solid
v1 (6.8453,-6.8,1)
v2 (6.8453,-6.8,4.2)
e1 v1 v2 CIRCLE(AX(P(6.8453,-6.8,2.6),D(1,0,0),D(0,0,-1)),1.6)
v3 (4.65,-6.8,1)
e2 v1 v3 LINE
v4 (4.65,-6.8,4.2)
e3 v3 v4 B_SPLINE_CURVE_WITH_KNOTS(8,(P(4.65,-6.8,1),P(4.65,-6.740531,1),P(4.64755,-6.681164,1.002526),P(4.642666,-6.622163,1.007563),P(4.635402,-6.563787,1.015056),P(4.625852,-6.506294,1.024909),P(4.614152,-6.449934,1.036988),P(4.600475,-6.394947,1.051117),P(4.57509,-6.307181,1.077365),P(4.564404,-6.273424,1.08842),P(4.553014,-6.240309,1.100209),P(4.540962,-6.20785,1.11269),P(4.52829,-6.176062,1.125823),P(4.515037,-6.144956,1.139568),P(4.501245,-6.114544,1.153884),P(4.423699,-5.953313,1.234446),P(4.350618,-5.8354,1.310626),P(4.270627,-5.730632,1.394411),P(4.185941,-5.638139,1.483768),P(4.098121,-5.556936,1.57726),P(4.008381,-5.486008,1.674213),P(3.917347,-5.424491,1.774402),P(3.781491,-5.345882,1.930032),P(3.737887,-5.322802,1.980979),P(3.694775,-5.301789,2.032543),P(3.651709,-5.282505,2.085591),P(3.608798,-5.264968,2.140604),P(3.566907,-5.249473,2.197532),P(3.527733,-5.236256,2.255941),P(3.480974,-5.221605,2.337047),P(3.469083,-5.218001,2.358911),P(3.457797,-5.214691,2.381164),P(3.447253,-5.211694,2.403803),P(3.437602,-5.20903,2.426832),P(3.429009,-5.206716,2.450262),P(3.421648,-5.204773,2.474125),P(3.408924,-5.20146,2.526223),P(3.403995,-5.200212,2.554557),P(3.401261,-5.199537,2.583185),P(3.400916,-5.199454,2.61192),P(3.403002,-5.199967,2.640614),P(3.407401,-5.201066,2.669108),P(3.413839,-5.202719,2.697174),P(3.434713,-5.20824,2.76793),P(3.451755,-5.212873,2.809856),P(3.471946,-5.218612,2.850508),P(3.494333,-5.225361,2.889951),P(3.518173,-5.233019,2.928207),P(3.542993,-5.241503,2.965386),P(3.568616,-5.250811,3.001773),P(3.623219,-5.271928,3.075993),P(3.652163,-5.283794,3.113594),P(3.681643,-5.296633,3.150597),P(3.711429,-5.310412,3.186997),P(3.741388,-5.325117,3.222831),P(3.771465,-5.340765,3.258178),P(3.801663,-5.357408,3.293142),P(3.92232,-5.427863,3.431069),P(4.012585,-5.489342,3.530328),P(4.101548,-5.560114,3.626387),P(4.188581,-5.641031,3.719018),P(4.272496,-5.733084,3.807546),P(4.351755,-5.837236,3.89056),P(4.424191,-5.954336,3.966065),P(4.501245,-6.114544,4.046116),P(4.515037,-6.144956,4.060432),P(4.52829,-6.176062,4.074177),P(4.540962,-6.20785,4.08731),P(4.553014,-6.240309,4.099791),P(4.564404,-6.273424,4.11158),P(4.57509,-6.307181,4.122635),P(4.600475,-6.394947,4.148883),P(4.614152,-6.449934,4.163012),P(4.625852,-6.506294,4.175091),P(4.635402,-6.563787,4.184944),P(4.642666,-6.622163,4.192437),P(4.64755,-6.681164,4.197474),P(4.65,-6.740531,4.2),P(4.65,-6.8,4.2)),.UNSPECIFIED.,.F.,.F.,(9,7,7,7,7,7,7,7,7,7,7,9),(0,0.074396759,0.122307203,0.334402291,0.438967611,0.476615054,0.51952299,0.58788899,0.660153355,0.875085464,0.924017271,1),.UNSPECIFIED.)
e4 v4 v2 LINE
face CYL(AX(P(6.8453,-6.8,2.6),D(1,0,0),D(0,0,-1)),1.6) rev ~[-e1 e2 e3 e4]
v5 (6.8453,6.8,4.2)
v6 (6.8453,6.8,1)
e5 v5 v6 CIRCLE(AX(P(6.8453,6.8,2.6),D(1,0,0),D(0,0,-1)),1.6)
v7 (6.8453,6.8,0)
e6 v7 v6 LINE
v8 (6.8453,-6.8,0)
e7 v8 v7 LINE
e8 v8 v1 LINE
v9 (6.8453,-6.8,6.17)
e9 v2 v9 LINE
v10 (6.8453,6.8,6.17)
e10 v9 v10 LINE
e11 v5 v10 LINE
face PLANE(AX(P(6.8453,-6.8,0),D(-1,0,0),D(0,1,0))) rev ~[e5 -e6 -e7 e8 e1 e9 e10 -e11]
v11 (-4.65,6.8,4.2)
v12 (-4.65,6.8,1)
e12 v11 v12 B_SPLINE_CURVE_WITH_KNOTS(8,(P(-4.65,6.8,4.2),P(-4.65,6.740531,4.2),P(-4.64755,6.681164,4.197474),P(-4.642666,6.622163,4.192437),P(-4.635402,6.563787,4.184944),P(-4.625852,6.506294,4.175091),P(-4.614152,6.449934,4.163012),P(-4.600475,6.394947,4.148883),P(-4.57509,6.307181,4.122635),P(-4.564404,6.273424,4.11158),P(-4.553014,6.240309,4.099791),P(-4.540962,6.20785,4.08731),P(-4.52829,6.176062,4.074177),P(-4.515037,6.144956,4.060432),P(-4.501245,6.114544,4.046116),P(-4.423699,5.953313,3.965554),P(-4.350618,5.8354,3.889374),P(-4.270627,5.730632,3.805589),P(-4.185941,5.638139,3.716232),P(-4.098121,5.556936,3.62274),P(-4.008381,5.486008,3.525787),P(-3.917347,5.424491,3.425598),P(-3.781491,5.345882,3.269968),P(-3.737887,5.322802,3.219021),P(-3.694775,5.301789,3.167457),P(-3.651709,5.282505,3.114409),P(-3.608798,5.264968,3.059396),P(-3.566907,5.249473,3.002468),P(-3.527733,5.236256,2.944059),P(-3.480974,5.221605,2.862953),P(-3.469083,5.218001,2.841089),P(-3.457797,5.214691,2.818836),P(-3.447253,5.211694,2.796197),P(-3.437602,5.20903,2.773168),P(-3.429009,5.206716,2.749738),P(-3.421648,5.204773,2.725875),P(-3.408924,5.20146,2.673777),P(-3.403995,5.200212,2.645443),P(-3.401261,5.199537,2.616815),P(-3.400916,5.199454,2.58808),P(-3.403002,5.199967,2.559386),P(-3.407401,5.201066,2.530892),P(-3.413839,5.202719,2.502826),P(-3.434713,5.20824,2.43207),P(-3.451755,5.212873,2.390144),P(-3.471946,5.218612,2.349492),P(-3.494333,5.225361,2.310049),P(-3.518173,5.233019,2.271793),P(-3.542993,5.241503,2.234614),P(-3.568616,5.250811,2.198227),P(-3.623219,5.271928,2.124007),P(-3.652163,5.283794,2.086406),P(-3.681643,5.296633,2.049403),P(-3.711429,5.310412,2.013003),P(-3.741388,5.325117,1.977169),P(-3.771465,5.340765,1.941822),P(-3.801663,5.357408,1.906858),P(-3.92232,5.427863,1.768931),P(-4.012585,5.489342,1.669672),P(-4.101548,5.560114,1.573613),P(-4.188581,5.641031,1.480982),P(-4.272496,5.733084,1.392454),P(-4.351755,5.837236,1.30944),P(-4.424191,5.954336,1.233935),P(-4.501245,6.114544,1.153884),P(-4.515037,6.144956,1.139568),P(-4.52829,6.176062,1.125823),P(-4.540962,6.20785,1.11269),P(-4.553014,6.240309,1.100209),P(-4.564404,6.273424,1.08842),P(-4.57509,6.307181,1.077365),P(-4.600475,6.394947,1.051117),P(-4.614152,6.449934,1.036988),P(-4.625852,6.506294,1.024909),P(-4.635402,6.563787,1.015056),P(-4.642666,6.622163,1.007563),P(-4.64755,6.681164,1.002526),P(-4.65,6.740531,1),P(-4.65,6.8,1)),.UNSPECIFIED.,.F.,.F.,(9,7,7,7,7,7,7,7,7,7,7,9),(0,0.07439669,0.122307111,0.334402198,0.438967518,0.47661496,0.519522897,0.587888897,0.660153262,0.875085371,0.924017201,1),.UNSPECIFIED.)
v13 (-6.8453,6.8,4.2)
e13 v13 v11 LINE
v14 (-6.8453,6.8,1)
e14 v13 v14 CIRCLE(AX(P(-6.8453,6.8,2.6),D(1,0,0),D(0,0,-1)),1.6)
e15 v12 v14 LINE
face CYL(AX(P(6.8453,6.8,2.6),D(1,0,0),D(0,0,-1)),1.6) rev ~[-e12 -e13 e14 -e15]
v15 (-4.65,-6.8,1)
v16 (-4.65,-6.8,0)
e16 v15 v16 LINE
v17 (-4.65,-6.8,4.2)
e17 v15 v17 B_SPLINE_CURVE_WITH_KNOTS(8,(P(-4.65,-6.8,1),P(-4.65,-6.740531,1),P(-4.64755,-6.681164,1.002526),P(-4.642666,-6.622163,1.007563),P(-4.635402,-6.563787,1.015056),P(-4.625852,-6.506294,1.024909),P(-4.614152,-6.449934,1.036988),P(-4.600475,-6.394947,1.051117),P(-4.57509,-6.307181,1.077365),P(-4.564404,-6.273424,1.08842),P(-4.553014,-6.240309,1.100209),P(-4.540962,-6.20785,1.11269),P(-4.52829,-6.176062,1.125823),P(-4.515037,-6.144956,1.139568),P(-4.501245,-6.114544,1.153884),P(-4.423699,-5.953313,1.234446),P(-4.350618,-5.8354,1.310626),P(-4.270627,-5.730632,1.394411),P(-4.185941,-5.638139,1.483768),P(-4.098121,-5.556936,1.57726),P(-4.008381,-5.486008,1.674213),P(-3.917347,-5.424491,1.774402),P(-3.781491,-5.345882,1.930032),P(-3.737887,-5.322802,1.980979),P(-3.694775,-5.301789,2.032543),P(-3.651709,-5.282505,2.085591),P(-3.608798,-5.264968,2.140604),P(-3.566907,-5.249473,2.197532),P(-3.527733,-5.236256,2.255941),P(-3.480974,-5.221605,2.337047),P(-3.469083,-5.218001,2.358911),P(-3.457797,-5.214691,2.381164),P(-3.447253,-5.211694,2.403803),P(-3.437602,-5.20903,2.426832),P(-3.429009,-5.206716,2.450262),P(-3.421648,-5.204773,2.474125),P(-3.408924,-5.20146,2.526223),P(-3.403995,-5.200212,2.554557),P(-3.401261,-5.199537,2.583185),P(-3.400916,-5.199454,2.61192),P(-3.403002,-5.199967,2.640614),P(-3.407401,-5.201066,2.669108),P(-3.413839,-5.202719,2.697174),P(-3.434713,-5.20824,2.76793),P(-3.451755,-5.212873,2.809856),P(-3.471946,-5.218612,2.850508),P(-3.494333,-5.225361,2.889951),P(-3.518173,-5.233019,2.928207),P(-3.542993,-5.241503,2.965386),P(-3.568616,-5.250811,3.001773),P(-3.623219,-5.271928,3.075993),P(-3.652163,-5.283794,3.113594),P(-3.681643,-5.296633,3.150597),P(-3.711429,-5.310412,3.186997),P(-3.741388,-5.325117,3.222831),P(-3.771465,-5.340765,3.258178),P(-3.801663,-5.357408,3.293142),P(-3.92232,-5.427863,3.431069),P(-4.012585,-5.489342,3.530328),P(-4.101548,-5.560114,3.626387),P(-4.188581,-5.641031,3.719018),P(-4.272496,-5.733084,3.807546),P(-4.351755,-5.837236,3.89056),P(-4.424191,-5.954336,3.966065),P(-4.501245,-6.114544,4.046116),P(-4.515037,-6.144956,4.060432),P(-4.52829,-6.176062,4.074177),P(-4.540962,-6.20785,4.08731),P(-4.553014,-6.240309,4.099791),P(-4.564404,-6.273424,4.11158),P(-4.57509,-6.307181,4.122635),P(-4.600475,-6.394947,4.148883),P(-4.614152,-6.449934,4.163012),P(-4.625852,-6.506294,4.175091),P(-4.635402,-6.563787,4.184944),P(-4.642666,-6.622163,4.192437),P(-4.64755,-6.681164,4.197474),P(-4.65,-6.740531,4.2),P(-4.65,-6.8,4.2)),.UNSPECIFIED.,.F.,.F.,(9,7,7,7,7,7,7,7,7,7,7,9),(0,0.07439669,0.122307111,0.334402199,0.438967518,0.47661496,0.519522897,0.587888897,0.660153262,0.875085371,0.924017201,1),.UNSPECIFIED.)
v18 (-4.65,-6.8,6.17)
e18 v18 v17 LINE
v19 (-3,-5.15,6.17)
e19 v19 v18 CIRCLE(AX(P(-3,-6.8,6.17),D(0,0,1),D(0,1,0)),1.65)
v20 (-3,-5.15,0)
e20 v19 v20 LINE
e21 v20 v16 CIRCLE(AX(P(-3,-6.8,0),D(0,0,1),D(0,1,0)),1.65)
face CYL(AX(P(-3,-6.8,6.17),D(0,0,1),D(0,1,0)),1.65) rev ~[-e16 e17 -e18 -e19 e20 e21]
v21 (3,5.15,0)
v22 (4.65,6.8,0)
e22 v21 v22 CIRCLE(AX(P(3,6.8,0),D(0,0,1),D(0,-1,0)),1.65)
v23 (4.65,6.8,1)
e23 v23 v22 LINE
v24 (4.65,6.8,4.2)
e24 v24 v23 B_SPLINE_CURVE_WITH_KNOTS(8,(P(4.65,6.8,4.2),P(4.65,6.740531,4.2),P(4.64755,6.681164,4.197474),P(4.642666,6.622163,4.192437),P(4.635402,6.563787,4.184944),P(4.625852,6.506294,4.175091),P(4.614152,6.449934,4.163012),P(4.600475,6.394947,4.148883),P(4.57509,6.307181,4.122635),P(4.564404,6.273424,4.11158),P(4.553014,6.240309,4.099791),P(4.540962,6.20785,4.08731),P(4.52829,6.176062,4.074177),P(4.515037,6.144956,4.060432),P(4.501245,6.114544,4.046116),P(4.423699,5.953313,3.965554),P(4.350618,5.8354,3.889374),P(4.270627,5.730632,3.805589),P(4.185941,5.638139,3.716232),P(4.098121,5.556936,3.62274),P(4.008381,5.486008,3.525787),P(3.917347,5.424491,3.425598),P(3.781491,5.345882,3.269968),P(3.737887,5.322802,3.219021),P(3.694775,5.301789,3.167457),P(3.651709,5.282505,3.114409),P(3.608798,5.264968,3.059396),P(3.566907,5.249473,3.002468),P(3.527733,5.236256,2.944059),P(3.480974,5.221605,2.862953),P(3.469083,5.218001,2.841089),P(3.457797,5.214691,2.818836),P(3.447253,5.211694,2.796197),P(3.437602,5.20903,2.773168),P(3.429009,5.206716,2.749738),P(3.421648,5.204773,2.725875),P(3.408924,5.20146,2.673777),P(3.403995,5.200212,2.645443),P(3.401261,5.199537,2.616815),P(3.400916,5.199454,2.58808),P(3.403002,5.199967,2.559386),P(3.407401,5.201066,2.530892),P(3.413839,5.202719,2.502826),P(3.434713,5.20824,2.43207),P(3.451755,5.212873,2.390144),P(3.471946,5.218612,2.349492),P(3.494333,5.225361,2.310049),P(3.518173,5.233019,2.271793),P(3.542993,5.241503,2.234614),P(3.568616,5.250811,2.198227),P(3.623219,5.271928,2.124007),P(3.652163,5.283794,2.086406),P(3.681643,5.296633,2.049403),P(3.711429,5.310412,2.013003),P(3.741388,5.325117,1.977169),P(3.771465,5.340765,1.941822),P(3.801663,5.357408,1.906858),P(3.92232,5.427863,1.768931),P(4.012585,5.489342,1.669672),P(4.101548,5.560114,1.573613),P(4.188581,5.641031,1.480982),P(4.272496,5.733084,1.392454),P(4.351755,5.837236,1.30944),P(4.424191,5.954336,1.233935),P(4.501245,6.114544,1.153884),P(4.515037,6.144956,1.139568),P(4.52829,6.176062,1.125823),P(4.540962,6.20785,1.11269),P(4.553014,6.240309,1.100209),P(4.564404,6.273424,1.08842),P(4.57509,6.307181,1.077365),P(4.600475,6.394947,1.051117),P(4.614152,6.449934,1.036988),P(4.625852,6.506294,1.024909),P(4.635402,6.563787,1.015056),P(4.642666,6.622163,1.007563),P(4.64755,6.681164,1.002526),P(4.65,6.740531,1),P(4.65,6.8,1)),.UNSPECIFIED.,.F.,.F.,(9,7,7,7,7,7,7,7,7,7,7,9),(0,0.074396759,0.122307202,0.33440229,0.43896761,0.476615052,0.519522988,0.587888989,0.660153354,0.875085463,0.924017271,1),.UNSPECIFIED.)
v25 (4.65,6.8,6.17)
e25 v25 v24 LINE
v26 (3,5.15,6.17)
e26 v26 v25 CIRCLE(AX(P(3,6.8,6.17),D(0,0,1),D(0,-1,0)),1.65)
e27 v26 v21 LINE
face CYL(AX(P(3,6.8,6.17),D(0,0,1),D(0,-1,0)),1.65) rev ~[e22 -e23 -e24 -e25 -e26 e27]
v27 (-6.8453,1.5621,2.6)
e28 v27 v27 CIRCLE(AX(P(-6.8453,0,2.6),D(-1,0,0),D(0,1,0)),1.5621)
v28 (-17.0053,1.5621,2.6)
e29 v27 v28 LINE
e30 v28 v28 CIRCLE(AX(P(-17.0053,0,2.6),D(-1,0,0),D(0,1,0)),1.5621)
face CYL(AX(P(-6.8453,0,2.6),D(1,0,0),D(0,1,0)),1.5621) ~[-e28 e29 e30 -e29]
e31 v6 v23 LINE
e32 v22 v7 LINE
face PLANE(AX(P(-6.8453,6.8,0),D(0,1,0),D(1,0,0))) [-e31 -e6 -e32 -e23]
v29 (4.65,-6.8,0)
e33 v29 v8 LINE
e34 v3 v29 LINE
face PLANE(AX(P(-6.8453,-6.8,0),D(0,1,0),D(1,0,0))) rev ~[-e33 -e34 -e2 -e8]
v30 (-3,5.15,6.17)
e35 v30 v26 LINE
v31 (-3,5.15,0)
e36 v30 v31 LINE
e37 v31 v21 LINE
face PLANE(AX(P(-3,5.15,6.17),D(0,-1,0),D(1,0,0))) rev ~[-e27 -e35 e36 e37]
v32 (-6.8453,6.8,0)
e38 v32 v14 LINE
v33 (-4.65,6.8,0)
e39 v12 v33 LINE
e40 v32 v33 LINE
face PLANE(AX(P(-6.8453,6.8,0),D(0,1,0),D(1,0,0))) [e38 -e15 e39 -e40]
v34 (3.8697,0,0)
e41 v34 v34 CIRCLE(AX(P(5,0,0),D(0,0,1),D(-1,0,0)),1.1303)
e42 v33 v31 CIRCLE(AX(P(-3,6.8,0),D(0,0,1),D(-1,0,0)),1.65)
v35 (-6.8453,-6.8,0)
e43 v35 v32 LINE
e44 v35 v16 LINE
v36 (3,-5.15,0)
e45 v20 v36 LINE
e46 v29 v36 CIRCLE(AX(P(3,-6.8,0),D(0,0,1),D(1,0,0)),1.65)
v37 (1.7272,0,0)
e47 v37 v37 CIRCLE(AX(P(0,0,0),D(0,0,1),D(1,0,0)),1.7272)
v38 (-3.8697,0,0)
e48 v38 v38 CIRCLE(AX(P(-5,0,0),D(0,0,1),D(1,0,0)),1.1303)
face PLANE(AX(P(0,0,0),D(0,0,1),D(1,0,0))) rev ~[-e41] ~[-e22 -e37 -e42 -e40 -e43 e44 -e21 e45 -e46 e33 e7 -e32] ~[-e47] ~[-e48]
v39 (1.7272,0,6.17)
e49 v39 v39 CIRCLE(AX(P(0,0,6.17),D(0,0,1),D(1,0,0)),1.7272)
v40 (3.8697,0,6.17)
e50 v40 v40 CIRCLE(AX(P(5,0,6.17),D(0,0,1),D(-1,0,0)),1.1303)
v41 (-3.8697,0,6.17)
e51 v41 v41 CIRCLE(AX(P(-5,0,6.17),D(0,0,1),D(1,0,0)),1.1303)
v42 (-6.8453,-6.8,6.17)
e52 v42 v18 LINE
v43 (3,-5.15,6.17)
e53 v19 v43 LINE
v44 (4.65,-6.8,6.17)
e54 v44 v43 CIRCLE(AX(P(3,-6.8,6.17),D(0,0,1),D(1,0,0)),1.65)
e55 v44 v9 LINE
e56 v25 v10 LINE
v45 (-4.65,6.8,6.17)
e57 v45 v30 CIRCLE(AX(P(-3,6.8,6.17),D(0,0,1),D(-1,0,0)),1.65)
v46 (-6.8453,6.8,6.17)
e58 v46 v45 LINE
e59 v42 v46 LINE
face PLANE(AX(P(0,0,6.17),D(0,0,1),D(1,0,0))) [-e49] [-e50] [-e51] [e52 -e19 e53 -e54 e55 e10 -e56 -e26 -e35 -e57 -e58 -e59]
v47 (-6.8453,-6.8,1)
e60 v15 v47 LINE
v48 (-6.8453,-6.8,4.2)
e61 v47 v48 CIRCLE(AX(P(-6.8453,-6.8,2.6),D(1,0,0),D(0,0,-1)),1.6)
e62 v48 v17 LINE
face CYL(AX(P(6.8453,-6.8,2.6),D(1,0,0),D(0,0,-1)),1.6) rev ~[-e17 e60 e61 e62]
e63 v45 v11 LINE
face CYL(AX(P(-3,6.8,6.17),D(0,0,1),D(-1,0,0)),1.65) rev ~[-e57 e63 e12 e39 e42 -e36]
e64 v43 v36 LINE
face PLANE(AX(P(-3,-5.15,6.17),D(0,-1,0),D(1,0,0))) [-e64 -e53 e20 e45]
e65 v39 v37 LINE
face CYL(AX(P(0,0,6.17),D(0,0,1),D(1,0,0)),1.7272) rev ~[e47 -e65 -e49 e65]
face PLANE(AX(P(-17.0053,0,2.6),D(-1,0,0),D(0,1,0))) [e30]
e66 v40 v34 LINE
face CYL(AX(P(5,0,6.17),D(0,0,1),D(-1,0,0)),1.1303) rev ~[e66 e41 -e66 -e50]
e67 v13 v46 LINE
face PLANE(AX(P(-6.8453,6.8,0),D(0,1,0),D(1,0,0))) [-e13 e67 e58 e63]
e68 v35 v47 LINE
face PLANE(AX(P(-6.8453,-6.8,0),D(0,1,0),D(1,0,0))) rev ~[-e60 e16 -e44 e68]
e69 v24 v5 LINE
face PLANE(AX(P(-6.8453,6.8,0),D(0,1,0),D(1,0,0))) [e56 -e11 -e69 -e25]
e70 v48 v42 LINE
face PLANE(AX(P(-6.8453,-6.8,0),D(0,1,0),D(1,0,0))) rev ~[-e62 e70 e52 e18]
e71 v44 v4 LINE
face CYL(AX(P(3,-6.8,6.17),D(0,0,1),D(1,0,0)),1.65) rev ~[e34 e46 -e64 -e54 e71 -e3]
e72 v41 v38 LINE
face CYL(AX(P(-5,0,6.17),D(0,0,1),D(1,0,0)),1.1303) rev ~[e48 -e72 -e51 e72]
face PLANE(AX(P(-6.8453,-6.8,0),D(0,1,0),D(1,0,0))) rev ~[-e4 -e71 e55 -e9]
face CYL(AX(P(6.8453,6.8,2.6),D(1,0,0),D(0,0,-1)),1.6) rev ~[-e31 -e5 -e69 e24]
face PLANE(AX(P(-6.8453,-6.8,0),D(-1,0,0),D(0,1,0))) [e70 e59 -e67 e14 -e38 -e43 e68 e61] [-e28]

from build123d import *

# Parameters (mm, degrees)
SKETCH1_W           = 13.6906
SKETCH1_H           = 13.6
BOSS_EXTRUDE1_DEPTH = 6.17
SKETCH2_R           = 1.6
CUT_EXTRUDE1_DEPTH  = 17.484581534
SKETCH3_W           = 6
SKETCH3_H           = 1.65
CUT_EXTRUDE2_DEPTH  = 12.452817649
SKETCH4_R           = 1.7272
CUT_EXTRUDE3_DEPTH  = 12.452817822
SKETCH5_R           = 1.5621
BOSS_EXTRUDE2_DEPTH = 10.16
SKETCH6_R           = 1.1303
CUT_EXTRUDE4_DEPTH  = 20.325866881


with BuildPart() as part:
    # Sketch1 → Boss-Extrude1 (new body)
    with BuildSketch(Plane.XY):
        Rectangle(SKETCH1_W, SKETCH1_H)
    extrude(amount=BOSS_EXTRUDE1_DEPTH)

    # Sketch2 → Cut-Extrude1 (cut, through all)
    with BuildSketch(Plane(origin=(6.8453, 0, 0), x_dir=(0, 0, -1), z_dir=(1, 0, 0))):
        with Locations((-2.6, 6.8)):
            Circle(SKETCH2_R)
        with Locations((-2.6, -6.8)):
            Circle(SKETCH2_R)
    extrude(amount=-CUT_EXTRUDE1_DEPTH, mode=Mode.SUBTRACT)

    # Sketch3 → Cut-Extrude2 (cut, through all)
    with BuildSketch(Plane.XY.offset(6.17)):
        with BuildLine():
            Line((-3, 5.15), (-3, 6.8))
            Line((-3, 6.8), (-4.65, 6.8))
            ThreePointArc((-4.65, 6.8), (-4.166726189, 5.633273811), (-3, 5.15))
        make_face()
        with Locations((0, 5.975)):
            Rectangle(SKETCH3_W, SKETCH3_H)
        with BuildLine():
            Line((4.65, 6.8), (3, 6.8))
            Line((3, 6.8), (3, 5.15))
            ThreePointArc((3, 5.15), (4.166726189, 5.633273811), (4.65, 6.8))
        make_face()
        with BuildLine():
            Line((3, -5.15), (3, -6.8))
            Line((3, -6.8), (4.65, -6.8))
            ThreePointArc((4.65, -6.8), (4.166726189, -5.633273811), (3, -5.15))
        make_face()
        with Locations((0, -5.975)):
            Rectangle(SKETCH3_W, SKETCH3_H)
        with BuildLine():
            Line((-4.65, -6.8), (-3, -6.8))
            Line((-3, -6.8), (-3, -5.15))
            ThreePointArc((-3, -5.15), (-4.166726189, -5.633273811), (-4.65, -6.8))
        make_face()
    extrude(amount=-CUT_EXTRUDE2_DEPTH, mode=Mode.SUBTRACT)

    # Sketch4 → Cut-Extrude3 (cut, through all)
    with BuildSketch(Plane.XY.offset(6.17)):
        Circle(SKETCH4_R)
    extrude(amount=-CUT_EXTRUDE3_DEPTH, mode=Mode.SUBTRACT)

    # Sketch5 → Boss-Extrude2 (add)
    with BuildSketch(Plane.ZY.offset(6.8453)):
        with Locations(Location((2.6, 0, 0), (0, 0, 90))):
            Circle(SKETCH5_R)
    extrude(amount=BOSS_EXTRUDE2_DEPTH)

    # Sketch6 → Cut-Extrude4 (cut, through all)
    with BuildSketch(Plane.XY.offset(6.17)):
        with Locations((-5, 0)):
            Circle(SKETCH6_R)
        with Locations(Location((5, 0, 0), (0, 0, 180))):
            Circle(SKETCH6_R)
    extrude(amount=-CUT_EXTRUDE4_DEPTH, mode=Mode.SUBTRACT)


solid = part.part
